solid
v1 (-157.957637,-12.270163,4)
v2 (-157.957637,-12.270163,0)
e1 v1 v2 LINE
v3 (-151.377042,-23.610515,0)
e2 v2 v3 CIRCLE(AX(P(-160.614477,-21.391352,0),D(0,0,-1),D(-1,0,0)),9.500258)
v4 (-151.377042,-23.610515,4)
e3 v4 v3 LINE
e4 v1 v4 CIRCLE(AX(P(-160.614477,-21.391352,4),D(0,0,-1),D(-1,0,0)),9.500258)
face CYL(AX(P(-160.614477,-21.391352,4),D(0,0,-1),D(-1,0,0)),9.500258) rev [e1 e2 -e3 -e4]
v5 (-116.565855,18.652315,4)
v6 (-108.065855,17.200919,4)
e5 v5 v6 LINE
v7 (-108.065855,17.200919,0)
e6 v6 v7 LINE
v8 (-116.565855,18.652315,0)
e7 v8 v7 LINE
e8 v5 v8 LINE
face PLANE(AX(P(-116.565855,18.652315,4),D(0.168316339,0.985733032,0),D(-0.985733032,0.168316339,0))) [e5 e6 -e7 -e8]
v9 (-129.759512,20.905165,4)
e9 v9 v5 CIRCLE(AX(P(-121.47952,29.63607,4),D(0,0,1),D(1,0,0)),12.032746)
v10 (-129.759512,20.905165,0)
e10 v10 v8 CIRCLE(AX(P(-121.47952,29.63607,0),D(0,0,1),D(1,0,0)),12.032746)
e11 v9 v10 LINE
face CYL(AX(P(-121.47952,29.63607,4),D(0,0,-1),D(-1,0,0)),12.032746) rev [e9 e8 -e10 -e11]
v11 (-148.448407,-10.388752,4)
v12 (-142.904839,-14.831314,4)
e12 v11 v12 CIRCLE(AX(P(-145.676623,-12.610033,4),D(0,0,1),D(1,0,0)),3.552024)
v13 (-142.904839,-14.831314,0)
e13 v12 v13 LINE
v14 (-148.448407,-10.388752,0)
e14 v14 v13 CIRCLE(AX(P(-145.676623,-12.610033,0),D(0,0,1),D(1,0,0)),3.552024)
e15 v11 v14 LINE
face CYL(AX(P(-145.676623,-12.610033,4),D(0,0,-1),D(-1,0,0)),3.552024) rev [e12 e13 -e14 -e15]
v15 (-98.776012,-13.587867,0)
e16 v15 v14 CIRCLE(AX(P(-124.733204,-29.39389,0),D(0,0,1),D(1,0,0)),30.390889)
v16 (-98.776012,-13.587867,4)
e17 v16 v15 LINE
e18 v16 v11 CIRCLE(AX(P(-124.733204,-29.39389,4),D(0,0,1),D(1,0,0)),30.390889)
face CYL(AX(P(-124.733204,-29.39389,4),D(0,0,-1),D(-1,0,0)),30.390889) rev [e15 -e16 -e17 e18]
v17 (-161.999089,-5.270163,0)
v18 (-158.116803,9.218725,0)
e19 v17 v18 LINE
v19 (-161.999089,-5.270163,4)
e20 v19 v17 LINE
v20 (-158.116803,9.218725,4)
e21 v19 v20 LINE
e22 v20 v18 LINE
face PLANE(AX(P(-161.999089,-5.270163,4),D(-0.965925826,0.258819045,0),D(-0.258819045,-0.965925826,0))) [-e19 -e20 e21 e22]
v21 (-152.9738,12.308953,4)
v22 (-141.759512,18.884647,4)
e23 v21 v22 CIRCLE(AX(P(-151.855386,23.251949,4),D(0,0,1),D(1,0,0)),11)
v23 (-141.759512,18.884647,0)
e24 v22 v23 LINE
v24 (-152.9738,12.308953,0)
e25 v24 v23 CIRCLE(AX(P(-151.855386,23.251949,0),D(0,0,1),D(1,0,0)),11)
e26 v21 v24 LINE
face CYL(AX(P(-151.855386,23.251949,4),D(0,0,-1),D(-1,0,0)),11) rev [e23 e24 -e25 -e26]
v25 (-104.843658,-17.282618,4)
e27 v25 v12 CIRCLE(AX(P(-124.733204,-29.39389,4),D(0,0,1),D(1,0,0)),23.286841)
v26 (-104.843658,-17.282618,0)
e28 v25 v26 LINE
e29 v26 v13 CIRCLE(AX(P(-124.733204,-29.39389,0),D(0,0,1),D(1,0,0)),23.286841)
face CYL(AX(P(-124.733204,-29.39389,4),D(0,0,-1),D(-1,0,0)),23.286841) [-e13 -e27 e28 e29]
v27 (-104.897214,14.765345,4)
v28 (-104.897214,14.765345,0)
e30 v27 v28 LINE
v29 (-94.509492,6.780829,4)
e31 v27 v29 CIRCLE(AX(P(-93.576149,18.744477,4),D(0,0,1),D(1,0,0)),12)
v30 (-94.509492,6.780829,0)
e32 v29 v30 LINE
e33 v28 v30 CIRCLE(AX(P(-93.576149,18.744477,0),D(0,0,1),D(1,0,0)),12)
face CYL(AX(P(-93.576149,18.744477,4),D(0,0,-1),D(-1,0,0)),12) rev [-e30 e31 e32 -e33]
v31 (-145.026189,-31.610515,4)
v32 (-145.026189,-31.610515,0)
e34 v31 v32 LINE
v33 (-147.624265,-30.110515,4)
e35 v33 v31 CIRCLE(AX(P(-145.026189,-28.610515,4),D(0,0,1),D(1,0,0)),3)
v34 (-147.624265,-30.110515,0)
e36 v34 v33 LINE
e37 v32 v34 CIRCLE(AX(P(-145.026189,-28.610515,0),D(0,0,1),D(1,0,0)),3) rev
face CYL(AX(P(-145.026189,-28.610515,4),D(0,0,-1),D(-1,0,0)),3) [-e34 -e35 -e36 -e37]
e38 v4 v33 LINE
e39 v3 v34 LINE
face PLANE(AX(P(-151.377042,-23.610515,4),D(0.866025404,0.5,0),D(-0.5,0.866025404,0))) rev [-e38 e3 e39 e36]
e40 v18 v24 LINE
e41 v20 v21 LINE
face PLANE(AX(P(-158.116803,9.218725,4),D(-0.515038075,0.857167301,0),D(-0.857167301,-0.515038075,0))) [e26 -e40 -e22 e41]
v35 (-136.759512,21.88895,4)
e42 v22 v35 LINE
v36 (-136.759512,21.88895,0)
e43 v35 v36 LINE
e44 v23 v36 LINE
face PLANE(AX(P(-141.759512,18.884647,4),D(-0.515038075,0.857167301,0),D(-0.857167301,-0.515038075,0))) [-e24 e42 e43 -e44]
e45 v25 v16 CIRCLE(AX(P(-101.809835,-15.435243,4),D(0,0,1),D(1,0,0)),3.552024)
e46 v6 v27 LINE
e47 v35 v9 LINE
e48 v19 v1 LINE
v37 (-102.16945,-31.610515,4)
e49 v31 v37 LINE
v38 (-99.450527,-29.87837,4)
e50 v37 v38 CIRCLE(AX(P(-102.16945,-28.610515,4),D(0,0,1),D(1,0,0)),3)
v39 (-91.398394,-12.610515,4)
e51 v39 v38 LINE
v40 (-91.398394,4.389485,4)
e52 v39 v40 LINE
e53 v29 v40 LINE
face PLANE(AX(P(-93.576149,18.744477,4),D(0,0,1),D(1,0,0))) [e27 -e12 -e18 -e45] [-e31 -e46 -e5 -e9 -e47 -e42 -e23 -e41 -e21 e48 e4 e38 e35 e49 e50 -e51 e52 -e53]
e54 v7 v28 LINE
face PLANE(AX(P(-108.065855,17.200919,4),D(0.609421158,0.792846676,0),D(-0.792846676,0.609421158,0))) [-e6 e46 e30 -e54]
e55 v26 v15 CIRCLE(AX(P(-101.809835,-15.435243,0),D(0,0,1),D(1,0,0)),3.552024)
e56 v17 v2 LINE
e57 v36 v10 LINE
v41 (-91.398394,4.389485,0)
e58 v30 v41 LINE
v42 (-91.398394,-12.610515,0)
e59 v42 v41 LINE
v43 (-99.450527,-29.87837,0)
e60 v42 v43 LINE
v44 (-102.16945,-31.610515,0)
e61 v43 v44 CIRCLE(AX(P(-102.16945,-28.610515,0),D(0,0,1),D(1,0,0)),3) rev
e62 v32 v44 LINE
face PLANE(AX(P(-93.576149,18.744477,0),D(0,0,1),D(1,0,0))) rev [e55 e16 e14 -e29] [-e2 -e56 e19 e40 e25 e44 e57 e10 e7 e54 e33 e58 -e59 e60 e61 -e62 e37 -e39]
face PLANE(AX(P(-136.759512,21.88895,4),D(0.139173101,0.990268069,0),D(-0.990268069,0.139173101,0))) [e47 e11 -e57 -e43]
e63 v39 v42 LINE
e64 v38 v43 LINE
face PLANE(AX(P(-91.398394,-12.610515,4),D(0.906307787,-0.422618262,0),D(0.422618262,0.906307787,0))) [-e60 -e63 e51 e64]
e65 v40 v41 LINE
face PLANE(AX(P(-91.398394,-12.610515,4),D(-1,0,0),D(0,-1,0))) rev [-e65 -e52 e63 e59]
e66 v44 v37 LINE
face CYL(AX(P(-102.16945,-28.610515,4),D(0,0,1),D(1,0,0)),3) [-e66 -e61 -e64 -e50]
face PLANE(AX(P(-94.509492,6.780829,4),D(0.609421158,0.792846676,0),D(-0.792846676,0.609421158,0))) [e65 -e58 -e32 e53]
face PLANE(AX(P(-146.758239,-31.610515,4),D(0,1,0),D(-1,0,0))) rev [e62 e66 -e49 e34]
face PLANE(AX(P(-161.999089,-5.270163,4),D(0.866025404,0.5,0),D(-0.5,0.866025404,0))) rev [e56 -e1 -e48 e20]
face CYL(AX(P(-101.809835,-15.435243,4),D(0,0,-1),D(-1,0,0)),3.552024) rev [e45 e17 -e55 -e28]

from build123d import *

# Parameters (mm, degrees)
BOSS_EXTRUDE1_DEPTH = 4
FILLET1_R           = 3


with BuildPart() as part:
    # Sketch1 → Boss-Extrude1 (new body)
    with BuildSketch(Plane.XY):
        with BuildLine():
            Line((-146.758239428, -31.610515221), (-100.258239428, -31.610515221))
            Line((-100.258239428, -31.610515221), (-91.398393923, -12.610515221))
            Line((-91.398393923, -12.610515221), (-91.398393923, 4.389484779))
            Line((-91.398393923, 4.389484779), (-94.509492228, 6.780828765))
            ThreePointArc((-94.509492228, 6.780828765), (-100.889202751, 9.230316509), (-104.897213893, 14.765345257))
            Line((-104.897213893, 14.765345257), (-108.065854757, 17.200919299))
            Line((-108.065854757, 17.200919299), (-116.565854757, 18.652315204))
            ThreePointArc((-116.565854757, 18.652315204), (-123.504827753, 17.774994873), (-129.759511963, 20.90516462))
            Line((-129.759511963, 20.90516462), (-136.759511963, 21.888950463))
            Line((-136.759511963, 21.888950463), (-141.759511963, 18.884647367))
            ThreePointArc((-141.759511963, 18.884647367), (-146.29133737, 13.762936165), (-152.973799535, 12.308953164))
            Line((-152.973799535, 12.308953164), (-158.116803339, 9.218724715))
            Line((-158.116803339, 9.218724715), (-161.999089016, -5.27016268))
            Line((-161.999089016, -5.27016268), (-157.957637132, -12.27016268))
            ThreePointArc((-157.957637132, -12.27016268), (-152.397461521, -16.623171082), (-151.377041582, -23.610515221))
            Line((-151.377041582, -23.610515221), (-146.758239428, -31.610515221))
        make_face()
        with BuildLine():
            ThreePointArc((-98.776012151, -13.587867208), (-122.779946794, 0.93416519), (-148.448407118, -10.388751744))
            ThreePointArc((-148.448407118, -10.388751744), (-147.89790448, -15.381816967), (-142.904839257, -14.83131433))
            ThreePointArc((-142.904839257, -14.83131433), (-123.236532063, -6.155195631), (-104.843657911, -17.282617793))
            ThreePointArc((-104.843657911, -17.282617793), (-99.962459738, -18.46906538), (-98.776012151, -13.587867208))
        make_face(mode=Mode.SUBTRACT)
    extrude(amount=BOSS_EXTRUDE1_DEPTH)

    # Fillet1
    fillet1_edges = [part.edges().sort_by_distance(p)[0] for p in [
        (-146.758239428, -31.610515221, 2),
        (-100.258239428, -31.610515221, 2),
    ]]
    fillet(fillet1_edges, radius=FILLET1_R)


solid = part.part
